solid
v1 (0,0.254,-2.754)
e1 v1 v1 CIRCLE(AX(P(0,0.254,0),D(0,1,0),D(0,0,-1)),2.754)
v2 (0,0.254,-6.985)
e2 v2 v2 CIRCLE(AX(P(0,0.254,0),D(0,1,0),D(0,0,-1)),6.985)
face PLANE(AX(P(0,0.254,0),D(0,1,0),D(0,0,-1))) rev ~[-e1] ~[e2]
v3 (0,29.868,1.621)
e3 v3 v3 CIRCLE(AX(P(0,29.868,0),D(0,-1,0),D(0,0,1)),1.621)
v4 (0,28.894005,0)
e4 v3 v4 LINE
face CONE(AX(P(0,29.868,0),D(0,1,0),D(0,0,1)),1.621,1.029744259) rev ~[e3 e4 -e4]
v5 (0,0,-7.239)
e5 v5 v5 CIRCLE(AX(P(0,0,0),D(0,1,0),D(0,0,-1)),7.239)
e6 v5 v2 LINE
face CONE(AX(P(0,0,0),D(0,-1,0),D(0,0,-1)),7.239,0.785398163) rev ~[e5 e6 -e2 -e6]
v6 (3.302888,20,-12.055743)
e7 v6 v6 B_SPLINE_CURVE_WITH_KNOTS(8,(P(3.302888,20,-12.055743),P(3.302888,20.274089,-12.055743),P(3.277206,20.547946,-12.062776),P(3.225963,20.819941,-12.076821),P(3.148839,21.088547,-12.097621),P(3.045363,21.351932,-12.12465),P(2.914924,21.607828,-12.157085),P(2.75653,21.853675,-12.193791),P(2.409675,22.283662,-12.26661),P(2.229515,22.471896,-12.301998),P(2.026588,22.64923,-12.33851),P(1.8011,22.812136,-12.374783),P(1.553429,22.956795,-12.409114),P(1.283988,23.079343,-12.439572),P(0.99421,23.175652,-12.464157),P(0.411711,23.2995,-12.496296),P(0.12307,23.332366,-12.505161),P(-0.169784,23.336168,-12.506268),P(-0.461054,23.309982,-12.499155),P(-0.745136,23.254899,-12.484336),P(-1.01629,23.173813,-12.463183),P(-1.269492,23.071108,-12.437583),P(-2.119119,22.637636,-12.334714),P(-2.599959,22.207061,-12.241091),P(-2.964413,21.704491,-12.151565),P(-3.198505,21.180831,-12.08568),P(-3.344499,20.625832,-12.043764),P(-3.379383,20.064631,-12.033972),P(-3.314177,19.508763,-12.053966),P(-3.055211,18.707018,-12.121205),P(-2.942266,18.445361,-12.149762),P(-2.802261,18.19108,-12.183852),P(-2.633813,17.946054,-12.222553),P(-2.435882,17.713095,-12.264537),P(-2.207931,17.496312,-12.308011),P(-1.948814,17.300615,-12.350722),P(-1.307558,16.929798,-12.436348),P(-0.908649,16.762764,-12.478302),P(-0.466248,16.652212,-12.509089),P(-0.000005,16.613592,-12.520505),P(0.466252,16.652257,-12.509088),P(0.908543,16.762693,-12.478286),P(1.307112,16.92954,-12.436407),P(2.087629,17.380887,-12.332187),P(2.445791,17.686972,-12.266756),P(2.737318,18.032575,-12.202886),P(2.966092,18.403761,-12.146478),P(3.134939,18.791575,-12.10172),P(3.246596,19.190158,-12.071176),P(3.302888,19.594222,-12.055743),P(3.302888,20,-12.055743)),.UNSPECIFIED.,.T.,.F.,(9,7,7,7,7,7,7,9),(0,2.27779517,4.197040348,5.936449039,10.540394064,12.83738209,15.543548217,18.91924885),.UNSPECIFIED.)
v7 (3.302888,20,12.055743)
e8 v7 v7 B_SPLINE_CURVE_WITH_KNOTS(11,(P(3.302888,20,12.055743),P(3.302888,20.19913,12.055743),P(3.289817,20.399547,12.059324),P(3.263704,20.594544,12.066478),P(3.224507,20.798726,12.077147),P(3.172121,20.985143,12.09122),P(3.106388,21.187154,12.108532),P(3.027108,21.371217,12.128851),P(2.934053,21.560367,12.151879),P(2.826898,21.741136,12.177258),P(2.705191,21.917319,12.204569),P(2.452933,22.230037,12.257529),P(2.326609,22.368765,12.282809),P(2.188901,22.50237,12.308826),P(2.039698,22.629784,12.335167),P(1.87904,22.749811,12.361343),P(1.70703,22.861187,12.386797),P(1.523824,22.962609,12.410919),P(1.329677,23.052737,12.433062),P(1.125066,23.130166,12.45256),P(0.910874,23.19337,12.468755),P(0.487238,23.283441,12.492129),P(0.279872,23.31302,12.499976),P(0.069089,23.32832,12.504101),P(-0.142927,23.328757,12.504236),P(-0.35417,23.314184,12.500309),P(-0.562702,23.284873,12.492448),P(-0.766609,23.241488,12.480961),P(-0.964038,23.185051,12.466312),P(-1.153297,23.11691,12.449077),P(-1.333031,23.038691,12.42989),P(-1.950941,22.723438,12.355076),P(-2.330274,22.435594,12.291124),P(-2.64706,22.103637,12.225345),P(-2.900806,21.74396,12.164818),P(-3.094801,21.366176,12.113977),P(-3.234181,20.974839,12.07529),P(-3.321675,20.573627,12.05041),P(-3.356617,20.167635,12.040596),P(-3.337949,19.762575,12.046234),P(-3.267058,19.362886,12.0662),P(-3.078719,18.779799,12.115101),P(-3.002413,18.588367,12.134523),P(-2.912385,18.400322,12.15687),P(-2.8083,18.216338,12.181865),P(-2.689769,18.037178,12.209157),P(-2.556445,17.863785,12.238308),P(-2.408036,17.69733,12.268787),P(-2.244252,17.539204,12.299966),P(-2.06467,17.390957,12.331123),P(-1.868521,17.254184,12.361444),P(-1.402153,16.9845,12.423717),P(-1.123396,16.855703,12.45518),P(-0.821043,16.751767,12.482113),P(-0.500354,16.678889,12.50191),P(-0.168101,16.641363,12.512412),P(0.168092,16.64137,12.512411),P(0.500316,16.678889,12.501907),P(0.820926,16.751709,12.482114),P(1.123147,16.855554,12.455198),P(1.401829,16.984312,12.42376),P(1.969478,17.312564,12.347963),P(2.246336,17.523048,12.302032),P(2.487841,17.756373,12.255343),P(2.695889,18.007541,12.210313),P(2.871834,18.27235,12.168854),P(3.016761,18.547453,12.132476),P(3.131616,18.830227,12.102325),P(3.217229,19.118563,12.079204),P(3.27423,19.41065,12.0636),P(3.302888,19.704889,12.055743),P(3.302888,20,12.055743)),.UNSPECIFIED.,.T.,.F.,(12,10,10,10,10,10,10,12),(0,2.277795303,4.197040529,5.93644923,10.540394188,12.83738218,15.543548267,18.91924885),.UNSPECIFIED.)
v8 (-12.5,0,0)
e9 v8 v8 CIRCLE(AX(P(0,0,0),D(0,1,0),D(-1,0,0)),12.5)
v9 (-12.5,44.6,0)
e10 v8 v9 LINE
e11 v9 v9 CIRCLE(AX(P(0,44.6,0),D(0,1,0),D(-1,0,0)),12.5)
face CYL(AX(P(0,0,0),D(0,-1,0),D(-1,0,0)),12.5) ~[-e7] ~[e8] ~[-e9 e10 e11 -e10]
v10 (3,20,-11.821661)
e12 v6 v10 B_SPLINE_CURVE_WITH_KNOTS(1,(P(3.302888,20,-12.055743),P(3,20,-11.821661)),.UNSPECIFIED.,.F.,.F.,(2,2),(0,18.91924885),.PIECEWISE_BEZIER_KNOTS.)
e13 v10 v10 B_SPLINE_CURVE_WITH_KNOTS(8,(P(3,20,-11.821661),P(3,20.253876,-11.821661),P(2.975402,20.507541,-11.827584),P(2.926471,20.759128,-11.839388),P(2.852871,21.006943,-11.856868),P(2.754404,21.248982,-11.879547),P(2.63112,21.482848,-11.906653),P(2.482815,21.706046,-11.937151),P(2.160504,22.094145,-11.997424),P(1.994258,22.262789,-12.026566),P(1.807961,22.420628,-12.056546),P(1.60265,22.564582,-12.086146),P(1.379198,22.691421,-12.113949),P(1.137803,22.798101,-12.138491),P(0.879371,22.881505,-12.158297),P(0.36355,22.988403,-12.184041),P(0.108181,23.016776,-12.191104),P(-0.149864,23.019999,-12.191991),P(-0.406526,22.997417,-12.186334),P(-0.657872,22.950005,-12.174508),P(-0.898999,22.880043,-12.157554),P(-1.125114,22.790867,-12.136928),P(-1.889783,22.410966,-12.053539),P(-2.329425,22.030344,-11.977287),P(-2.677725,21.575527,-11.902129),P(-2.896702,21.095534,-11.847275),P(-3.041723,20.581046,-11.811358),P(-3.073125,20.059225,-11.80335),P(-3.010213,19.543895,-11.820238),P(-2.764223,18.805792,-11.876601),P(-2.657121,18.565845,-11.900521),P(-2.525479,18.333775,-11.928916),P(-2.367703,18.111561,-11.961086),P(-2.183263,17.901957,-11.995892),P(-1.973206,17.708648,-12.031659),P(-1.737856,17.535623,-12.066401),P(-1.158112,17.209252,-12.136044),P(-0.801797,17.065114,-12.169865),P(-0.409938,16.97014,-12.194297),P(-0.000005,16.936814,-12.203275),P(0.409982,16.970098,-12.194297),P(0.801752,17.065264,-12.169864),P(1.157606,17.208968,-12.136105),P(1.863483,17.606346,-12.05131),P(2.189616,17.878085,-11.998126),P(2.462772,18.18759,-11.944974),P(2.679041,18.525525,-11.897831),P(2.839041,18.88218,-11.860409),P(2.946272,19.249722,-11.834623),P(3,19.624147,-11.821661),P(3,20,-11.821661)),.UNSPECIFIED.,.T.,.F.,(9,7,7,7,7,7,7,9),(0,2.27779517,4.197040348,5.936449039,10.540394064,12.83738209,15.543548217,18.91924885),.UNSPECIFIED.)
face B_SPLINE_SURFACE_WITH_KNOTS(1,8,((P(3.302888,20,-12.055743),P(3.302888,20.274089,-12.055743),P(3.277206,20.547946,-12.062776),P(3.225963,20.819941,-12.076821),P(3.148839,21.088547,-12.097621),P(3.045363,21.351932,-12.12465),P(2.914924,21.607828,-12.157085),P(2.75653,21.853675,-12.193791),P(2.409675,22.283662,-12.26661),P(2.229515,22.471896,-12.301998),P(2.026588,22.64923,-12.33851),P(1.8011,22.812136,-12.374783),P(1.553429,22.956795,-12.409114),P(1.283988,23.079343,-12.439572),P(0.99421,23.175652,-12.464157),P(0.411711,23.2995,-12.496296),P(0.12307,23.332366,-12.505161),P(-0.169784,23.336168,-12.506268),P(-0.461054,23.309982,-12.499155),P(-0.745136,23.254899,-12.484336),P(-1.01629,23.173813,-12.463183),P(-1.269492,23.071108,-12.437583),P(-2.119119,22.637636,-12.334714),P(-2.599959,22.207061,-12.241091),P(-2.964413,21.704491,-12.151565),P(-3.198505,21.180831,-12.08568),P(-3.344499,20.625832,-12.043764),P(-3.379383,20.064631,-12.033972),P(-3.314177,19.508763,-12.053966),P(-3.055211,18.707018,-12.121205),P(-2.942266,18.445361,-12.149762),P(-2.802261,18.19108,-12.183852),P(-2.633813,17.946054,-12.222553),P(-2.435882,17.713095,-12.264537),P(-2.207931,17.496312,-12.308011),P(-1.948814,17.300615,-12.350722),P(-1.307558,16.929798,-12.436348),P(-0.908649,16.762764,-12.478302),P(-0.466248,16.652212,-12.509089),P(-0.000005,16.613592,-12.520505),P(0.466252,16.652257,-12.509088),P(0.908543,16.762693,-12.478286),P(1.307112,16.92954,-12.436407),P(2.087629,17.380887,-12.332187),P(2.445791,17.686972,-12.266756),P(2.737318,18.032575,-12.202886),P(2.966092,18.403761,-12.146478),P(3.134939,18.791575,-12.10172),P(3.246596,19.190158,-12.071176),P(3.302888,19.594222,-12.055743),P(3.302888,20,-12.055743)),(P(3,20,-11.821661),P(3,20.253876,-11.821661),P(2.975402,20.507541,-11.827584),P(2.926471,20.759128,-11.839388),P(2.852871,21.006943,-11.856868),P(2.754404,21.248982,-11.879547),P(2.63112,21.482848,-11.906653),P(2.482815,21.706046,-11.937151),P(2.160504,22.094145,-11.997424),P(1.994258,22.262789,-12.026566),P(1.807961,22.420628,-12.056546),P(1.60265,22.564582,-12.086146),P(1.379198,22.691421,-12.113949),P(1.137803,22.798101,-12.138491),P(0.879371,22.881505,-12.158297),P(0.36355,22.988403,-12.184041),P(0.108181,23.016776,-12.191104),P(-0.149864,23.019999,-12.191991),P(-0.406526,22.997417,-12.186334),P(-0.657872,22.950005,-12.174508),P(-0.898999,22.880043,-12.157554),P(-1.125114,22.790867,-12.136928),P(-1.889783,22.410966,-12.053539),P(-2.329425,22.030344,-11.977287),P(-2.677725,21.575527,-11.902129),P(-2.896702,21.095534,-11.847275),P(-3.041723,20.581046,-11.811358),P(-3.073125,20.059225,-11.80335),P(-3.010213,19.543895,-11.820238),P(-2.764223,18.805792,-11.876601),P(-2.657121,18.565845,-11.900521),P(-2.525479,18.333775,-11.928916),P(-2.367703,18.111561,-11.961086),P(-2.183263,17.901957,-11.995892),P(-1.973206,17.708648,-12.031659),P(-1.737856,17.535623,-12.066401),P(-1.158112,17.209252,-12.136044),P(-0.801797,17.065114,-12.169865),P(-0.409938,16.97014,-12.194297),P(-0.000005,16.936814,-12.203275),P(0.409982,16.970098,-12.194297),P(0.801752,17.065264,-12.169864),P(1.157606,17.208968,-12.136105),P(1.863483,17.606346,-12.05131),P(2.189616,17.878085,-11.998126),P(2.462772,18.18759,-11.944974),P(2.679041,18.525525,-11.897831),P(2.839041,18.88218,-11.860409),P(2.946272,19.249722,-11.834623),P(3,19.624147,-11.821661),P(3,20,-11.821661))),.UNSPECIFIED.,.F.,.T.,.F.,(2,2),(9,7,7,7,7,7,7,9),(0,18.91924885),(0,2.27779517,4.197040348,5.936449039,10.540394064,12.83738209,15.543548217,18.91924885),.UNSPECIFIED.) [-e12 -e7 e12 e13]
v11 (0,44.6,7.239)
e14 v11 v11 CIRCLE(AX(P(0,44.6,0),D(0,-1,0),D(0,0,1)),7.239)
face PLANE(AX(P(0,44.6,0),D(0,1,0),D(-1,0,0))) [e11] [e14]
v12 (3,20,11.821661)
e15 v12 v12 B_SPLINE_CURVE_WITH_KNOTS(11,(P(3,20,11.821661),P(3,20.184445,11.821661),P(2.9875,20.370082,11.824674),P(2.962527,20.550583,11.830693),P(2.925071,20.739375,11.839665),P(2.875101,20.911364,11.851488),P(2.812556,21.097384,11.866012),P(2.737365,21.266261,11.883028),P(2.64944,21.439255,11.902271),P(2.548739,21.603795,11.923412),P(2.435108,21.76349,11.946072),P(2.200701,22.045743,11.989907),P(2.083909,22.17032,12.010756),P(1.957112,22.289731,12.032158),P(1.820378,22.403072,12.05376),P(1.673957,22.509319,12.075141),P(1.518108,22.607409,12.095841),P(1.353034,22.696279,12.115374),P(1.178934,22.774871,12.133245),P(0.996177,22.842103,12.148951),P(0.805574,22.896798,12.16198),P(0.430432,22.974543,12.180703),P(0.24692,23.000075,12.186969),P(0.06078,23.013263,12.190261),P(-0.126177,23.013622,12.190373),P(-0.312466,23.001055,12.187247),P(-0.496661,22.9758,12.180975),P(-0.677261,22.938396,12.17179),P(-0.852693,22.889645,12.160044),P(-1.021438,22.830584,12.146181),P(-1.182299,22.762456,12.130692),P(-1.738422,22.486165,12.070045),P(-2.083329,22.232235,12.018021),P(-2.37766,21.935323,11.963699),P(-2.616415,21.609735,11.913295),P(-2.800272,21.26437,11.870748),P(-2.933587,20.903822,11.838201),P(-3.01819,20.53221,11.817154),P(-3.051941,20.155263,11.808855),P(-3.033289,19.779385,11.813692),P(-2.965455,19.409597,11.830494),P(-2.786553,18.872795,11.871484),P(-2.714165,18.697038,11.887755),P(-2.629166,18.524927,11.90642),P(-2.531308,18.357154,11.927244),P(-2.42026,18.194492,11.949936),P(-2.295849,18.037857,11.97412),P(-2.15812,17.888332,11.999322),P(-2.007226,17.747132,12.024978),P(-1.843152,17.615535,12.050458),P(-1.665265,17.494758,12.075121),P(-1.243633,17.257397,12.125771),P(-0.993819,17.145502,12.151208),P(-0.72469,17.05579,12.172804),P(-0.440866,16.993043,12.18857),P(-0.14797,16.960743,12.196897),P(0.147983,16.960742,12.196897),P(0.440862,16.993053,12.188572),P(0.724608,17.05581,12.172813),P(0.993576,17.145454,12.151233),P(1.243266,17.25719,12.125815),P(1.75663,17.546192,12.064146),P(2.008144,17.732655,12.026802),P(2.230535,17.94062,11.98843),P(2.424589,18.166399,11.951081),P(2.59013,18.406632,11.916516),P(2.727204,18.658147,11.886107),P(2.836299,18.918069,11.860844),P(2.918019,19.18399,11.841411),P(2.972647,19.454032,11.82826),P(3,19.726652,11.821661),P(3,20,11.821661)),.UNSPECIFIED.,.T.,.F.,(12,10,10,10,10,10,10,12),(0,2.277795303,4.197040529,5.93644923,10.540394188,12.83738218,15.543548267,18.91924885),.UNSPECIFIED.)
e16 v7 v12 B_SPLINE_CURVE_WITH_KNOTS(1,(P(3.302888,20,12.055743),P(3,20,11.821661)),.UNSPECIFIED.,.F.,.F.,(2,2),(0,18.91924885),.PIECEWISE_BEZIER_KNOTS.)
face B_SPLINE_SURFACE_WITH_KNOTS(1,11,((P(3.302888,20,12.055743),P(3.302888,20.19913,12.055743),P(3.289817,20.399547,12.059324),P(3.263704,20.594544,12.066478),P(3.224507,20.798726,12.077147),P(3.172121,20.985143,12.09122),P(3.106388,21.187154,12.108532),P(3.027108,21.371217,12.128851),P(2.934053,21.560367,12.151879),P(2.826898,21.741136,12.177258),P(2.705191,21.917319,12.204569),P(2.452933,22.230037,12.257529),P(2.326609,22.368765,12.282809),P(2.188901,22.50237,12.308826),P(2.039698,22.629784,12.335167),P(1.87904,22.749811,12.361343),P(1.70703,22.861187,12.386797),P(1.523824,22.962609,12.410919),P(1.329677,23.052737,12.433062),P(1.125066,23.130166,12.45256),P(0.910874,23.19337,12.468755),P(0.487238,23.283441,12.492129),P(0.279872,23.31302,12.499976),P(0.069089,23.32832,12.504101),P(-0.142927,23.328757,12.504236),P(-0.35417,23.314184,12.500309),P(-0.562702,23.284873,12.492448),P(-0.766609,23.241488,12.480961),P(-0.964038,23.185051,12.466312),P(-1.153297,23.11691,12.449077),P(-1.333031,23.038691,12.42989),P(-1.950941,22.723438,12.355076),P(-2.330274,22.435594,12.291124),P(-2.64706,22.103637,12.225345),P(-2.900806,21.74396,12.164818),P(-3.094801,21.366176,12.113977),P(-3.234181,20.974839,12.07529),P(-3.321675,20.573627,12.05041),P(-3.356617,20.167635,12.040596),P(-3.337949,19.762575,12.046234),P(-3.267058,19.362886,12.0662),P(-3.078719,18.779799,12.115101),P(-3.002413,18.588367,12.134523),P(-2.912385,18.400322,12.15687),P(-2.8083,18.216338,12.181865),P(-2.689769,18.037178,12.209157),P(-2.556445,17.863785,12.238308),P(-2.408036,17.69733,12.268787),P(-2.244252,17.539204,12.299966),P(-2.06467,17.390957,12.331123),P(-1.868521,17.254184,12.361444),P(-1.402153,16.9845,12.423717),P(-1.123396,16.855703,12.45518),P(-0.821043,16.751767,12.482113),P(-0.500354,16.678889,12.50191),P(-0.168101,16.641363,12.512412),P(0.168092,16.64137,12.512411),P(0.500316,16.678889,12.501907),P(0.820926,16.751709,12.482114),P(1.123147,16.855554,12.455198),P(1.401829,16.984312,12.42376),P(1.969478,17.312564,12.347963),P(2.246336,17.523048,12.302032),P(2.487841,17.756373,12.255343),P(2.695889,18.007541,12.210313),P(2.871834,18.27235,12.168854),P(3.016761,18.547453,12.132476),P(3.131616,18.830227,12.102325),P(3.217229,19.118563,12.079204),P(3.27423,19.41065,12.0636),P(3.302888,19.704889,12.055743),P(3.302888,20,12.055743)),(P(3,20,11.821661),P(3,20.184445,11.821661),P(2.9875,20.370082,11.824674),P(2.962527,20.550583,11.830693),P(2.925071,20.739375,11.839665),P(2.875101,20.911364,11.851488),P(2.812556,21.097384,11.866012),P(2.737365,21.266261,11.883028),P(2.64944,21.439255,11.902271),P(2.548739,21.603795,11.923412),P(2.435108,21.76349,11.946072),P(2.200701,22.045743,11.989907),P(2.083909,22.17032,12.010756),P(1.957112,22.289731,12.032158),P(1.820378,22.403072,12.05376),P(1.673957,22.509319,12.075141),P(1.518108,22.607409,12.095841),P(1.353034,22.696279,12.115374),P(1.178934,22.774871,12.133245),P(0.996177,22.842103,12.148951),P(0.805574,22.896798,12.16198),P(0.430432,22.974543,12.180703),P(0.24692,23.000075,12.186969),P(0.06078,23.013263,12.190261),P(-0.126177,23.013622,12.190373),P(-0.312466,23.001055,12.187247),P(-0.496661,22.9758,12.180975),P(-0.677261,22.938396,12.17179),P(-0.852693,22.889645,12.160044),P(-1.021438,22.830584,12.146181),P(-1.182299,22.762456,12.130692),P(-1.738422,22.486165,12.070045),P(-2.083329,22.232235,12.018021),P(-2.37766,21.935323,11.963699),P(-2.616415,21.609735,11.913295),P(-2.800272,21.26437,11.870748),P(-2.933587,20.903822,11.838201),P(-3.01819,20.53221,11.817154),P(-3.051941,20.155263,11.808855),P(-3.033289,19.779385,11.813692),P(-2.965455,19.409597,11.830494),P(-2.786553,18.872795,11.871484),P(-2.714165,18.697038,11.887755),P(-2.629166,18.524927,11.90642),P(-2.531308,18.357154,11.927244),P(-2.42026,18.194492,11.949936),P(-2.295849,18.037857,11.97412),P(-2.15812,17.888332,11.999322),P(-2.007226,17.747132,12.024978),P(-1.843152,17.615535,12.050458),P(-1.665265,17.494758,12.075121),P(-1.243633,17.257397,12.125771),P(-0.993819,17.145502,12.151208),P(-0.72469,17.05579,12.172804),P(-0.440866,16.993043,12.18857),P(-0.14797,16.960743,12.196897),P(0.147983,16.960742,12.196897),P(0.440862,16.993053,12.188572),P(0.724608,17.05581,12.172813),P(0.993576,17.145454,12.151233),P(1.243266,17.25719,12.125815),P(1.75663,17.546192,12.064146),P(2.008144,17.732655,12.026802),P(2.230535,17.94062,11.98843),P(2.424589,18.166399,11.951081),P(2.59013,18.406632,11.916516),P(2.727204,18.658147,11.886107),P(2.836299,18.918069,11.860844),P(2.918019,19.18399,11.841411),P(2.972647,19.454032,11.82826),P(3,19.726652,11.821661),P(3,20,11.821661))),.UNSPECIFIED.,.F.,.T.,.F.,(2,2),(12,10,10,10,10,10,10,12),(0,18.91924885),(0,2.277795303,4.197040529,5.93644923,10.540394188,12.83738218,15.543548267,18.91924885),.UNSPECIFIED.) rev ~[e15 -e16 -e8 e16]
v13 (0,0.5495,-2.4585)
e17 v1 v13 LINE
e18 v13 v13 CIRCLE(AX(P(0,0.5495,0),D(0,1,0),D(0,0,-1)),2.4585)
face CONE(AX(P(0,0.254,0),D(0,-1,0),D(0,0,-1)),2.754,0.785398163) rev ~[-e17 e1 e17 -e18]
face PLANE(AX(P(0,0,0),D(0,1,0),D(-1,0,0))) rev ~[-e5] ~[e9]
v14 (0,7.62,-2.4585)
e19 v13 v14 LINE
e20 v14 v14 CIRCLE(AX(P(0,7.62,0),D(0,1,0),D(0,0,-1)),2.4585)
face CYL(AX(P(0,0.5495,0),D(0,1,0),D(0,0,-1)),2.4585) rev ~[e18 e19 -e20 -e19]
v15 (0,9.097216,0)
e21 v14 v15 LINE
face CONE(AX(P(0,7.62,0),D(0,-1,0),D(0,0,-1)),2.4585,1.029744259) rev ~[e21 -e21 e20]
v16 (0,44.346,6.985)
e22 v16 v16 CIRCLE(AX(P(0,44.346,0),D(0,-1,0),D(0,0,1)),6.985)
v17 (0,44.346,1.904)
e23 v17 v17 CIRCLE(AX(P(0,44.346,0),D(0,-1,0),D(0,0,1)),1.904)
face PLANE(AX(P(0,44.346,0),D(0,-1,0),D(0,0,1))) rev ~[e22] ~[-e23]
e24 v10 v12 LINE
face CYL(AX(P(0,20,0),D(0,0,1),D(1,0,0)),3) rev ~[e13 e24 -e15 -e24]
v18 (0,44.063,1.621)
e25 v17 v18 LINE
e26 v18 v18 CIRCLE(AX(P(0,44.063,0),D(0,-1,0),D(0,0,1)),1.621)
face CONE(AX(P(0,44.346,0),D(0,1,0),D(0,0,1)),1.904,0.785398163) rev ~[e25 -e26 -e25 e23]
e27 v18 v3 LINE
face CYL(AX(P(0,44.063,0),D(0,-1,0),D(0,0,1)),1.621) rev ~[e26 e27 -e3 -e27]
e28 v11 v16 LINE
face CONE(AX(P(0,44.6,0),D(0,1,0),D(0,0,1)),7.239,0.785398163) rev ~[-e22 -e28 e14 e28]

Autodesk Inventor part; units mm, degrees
ref_plane "YZ Plane" through (0, 0, 0) normal (1, 0, 0) x (0, 1, 0)
ref_plane "XZ Plane" through (0, 0, 0) normal (0, 1, 0) x (-1, 0, 0)
ref_plane "XY Plane" through (0, 0, 0) normal (0, 0, 1) x (1, 0, 0)
sketch "Sketch1" plane through (0, 0, 0) normal (0, 1, 0) x (-1, 0, 0)
  circle A0 centre (0, 0) radius 12.5
  dimension "d0" = 25
extrude "Extrusion1" add sketch "Sketch1" along normal blind 44.6
hole "ReliefTop" at (0, 44.6, 0) direction (0, -1, 0) diameter 13.97 depth 0.254 countersink diameter 14.478 countersink angle 90
hole "ReliefBottom" at (0, 0, 0) direction (0, 1, 0) diameter 13.97 depth 0.254 countersink diameter 14.478 countersink angle 90
hole "MountBottomM6" at (0, 0.254, 0) direction (0, 1, 0) diameter 4.917 depth 7.366 tip angle 118 countersink diameter 5.508 countersink angle 90 thread size "M6x1" class "6H" standard "ISO Metric profile"
hole "MountTopM4" at (0, 44.346, 0) direction (0, -1, 0) diameter 3.242 depth 14.478 tip angle 118 countersink diameter 3.808 countersink angle 90 thread size "M4x0.7" class "6H" standard "ISO Metric profile"
sketch "Sketch2" plane through (0, 0, 0) normal (0, 0, 1) x (1, 0, 0)
  circle A0 centre (0, 20) radius 3
  line L0 (-12.5, 0) -> (12.5, 0) projected
  line L1 (0, -4.6) -> (0, 27.6) projected
  point P0 (0, 0)
  dimension "d49" = 6
  dimension "d50" = 20
extrude "Extrusion2" cut sketch "Sketch2" along normal through all both and the other way through all
chamfer "Chamfer1" distance 0.313 angle 45 2 edges at (-3, 19.9998, 12.1347) (-3, 19.9998, -12.1347)
equation "\"d1\" = height"
equation "\"d5\" = reliefMinor"
equation "\"d7\" = reliefMajor"
equation "\"d10\" = reliefDepth"
equation "\"d14\" = reliefMinor"
equation "\"d16\" = reliefMajor"
equation "\"d19\" = reliefDepth"
equation "\"d25\" = chamferM6"
equation "\"d28\" = depthM6"
equation "\"d40\" = chamferM4"
equation "\"d43\" = depthM4"
equation "\"reliefDepth\" = 0.254"
equation "\"reliefMinor\" = 13.97"
equation "\"reliefMajor\" = 14.478"
equation "\"chamferM6\" = 5.508"
equation "\"chamferM4\" = 3.808"
equation "\"depthM6\" = 7.366"
equation "\"depthM4\" = 14.478"
equation "\"height\" = 44.6"
properties part number "PLS-P642H0446A00_M" material "Stainless Steel"
